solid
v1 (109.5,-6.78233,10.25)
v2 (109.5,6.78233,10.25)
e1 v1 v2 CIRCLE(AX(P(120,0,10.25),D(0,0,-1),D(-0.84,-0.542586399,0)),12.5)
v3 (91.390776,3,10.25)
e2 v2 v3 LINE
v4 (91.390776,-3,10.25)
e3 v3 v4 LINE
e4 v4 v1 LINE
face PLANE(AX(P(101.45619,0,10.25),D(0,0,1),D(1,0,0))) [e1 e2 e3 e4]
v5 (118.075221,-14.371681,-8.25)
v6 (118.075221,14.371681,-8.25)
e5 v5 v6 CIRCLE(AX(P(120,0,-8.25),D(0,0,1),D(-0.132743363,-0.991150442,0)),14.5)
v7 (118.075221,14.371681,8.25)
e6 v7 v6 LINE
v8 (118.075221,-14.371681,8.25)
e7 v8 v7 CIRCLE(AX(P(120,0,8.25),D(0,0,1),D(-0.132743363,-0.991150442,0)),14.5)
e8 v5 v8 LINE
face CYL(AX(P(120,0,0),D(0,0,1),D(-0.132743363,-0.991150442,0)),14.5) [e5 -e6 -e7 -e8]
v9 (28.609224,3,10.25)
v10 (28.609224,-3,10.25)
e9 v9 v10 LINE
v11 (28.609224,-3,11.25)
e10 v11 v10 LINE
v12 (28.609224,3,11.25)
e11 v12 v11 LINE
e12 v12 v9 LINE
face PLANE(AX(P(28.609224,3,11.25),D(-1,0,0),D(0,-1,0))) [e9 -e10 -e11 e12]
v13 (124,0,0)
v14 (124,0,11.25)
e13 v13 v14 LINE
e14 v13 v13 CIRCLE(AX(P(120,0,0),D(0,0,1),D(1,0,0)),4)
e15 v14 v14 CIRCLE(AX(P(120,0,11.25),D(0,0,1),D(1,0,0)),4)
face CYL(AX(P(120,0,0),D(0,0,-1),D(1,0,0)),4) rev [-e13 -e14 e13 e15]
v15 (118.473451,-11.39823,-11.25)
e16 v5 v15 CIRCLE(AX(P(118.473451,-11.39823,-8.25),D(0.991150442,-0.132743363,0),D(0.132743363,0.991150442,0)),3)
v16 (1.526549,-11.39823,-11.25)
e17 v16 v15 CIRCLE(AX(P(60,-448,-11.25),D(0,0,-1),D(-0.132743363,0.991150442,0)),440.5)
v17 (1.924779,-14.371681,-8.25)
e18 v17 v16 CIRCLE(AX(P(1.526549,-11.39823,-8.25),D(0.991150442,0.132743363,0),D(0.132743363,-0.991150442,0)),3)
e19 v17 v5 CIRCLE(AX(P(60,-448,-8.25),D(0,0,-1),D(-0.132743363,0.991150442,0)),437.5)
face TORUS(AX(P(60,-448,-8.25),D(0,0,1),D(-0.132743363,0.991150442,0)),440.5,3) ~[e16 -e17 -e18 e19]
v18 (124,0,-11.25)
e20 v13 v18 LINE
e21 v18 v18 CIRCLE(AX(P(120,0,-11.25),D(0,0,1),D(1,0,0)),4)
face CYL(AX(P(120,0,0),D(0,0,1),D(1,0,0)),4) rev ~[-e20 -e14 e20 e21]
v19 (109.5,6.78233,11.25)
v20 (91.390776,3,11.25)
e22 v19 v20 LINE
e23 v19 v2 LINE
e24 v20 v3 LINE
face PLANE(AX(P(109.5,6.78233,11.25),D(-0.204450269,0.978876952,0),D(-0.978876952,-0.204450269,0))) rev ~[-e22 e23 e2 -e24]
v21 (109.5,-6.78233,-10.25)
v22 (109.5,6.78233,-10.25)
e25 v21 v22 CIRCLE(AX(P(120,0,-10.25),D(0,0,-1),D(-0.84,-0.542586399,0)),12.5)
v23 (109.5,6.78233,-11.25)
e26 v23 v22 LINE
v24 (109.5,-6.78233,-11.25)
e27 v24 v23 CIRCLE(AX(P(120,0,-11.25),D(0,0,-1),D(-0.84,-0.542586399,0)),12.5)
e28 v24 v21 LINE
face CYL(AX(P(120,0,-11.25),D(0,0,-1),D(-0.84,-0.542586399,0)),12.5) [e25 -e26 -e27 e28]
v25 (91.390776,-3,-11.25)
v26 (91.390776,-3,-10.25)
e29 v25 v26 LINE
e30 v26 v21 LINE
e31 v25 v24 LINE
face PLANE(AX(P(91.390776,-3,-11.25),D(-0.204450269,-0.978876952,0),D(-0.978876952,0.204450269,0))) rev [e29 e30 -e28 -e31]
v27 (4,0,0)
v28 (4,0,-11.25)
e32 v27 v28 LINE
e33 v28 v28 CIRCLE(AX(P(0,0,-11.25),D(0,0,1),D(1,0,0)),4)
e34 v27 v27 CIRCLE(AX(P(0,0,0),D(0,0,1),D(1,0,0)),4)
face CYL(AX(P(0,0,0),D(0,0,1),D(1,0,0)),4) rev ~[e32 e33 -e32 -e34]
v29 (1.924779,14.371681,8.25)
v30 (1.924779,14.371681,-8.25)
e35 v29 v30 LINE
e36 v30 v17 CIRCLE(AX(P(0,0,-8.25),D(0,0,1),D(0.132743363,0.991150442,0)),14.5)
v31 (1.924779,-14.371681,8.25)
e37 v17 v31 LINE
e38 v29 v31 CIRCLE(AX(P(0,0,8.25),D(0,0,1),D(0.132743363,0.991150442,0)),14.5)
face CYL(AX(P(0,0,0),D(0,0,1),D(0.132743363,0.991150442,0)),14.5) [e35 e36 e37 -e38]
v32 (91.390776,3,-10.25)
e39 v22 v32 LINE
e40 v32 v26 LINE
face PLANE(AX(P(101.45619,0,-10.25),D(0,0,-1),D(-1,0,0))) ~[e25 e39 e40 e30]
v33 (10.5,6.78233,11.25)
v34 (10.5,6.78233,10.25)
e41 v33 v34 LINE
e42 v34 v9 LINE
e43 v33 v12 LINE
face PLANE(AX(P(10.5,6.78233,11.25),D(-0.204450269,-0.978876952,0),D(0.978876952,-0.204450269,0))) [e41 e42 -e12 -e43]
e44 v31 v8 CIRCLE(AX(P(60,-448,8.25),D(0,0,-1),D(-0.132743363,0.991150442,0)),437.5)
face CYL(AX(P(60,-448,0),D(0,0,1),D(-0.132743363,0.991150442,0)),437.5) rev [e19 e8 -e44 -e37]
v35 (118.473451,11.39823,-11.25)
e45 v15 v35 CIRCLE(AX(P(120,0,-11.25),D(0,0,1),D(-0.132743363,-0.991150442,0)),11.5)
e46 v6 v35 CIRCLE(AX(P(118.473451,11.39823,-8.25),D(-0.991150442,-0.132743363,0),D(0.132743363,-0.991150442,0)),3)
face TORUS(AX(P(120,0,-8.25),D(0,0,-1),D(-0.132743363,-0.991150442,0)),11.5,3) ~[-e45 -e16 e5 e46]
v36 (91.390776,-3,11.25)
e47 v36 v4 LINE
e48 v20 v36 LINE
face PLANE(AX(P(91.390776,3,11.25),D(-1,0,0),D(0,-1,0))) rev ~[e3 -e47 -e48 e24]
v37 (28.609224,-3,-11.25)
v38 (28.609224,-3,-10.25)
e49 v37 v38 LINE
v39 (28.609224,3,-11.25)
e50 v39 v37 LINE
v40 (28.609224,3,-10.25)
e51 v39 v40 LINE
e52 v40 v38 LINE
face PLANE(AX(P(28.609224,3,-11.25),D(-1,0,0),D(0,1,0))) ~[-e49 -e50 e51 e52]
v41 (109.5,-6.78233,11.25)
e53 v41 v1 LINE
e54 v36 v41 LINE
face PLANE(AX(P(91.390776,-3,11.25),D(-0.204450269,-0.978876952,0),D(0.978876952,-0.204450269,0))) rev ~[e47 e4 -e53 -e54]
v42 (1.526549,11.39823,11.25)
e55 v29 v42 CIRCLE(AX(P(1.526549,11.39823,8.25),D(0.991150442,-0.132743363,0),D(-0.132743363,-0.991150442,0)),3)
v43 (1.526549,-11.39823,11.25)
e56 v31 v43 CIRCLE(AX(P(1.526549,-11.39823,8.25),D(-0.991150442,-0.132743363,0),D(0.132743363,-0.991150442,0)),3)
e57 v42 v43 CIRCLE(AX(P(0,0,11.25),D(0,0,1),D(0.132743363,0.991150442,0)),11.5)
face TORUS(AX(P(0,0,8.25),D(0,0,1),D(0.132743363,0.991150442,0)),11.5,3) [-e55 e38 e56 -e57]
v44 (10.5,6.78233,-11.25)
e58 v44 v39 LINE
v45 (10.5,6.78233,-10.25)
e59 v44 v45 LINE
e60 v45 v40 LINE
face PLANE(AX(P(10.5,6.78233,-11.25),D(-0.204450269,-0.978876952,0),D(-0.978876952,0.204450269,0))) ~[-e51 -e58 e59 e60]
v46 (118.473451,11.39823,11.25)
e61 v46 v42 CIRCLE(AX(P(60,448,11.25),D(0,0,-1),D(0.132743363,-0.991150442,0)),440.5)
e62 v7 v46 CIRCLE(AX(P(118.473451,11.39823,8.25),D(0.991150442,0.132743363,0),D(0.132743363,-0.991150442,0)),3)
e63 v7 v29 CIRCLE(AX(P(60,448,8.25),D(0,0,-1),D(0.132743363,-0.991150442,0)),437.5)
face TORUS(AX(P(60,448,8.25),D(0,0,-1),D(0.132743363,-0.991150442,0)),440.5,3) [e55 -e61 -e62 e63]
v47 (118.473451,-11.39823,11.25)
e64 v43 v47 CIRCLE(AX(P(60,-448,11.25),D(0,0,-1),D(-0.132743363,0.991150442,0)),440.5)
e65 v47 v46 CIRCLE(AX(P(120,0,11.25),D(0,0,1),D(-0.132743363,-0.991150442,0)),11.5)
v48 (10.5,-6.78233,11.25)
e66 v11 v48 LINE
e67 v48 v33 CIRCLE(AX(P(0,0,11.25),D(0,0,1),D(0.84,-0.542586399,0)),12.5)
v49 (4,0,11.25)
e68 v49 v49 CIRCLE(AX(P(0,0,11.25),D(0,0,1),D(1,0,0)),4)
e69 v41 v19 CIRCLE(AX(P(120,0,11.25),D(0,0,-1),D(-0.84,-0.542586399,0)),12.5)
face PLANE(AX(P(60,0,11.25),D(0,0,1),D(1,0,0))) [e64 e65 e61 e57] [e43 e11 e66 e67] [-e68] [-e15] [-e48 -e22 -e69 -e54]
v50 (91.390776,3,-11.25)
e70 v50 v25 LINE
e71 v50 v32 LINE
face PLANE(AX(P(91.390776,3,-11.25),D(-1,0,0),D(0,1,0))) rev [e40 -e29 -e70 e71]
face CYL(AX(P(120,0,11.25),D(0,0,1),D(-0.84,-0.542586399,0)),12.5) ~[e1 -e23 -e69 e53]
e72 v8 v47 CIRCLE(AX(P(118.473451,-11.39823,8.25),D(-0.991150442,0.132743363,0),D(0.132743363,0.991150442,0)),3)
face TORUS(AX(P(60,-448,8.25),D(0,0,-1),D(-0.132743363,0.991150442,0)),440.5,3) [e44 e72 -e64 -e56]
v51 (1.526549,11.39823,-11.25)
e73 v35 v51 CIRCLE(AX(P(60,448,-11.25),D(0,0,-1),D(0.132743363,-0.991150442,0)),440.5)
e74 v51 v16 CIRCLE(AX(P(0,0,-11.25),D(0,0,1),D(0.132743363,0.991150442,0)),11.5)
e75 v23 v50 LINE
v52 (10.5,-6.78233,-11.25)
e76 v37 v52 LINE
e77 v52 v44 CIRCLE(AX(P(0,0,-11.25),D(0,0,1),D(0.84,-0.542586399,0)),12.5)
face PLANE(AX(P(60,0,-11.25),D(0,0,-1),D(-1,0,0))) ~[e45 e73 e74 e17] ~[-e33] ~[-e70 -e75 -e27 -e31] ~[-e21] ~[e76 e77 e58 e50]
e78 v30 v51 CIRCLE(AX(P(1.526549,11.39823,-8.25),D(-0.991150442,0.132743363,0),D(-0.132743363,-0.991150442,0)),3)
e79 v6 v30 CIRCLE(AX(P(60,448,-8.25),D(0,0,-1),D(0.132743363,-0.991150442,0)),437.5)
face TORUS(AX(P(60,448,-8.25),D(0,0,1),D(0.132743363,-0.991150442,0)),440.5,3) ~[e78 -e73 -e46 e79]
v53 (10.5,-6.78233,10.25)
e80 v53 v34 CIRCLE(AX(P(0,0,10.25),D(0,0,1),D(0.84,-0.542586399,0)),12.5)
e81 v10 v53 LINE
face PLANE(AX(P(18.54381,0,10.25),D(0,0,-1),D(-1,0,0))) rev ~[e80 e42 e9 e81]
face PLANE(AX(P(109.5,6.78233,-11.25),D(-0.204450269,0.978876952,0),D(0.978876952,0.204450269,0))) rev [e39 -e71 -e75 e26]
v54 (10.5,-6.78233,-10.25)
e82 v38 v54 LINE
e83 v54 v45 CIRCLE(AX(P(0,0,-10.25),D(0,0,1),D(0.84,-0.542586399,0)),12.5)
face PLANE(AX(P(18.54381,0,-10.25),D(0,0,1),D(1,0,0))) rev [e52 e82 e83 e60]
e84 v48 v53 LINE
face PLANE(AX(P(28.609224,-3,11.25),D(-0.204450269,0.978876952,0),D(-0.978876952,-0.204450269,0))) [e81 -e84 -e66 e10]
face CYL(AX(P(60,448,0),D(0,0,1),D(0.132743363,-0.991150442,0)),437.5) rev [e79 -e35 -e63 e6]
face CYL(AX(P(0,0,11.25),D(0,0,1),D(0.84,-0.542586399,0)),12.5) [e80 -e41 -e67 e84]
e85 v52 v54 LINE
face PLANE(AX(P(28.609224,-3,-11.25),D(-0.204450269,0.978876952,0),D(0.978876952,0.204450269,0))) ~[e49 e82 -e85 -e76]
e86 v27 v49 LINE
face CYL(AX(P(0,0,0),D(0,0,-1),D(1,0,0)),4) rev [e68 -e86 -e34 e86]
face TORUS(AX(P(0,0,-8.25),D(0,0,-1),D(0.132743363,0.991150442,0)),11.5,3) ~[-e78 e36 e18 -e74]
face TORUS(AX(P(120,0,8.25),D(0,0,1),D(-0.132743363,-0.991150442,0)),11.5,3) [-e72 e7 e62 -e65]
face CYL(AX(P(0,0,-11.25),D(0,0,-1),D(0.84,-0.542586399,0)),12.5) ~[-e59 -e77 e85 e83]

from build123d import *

# Parameters (mm, degrees)
ESQUISSE1_R             = 4
BOSS_EXTRU_1_DEPTH      = 11.25
CONG_1_R                = 3
CONG_1_OF_SYM_TRIE5_R   = 3
ENL_V_MAT_EXTRU_1_DEPTH = 1


with BuildPart() as part:
    # Esquisse1 → Boss.-Extru.1 (new body)
    with BuildSketch(Plane.XY):
        with BuildLine():
            ThreePointArc((1.924778761, 14.371681416), (-14.5, 0), (1.924778761, -14.371681416))
            ThreePointArc((1.924778761, -14.371681416), (60, -10.5), (118.075221239, -14.371681416))
            ThreePointArc((118.075221239, -14.371681416), (134.5, 0), (118.075221239, 14.371681416))
            ThreePointArc((118.075221239, 14.371681416), (60, 10.5), (1.924778761, 14.371681416))
        make_face()
        with Locations((120, 0)):
            Circle(ESQUISSE1_R, mode=Mode.SUBTRACT)
        Circle(ESQUISSE1_R, mode=Mode.SUBTRACT)
    boss_extru_1 = extrude(amount=BOSS_EXTRU_1_DEPTH)

    # Congé1
    cong_1_edges = [part.edges().sort_by_distance(p)[0] for p in [
        (60, 10.5, 11.25),
        (134.5, 0, 11.25),
        (60, -10.5, 11.25),
        (-14.5, 0, 11.25),
    ]]
    fillet(cong_1_edges, radius=CONG_1_R)

    # Symétrie5: Boss.-Extru.1 across plane
    add(boss_extru_1.mirror(Plane.XY))

    # Congé1 of Symétrie5
    cong_1_of_sym_trie5_edges = [part.edges().sort_by_distance(p)[0] for p in [
        (60, 10.5, -11.25),
        (134.5, 0, -11.25),
        (60, -10.5, -11.25),
        (-14.5, 0, -11.25),
    ]]
    fillet(cong_1_of_sym_trie5_edges, radius=CONG_1_OF_SYM_TRIE5_R)

    # Esquisse3 → Enlèv. mat.-Extru.1 (cut)
    with BuildSketch(Plane.XY.offset(11.25)):
        with BuildLine():
            Line((10.5, 6.782329983), (28.609223614, 3))
            Line((28.609223614, 3), (28.609223614, -3))
            Line((28.609223614, -3), (10.5, -6.782329983))
            ThreePointArc((10.5, -6.782329983), (12.5, 0), (10.5, 6.782329983))
        make_face()
        with BuildLine():
            Line((91.390776386, -3), (109.5, -6.782329983))
            ThreePointArc((109.5, -6.782329983), (107.5, 0), (109.5, 6.782329983))
            Line((109.5, 6.782329983), (91.390776386, 3))
            Line((91.390776386, 3), (91.390776386, -3))
        make_face()
    enl_v_mat_extru_1 = extrude(amount=-ENL_V_MAT_EXTRU_1_DEPTH, mode=Mode.SUBTRACT)

    # Symétrie6: Enlèv. mat.-Extru.1 across plane
    add(enl_v_mat_extru_1.mirror(Plane.XY), mode=Mode.SUBTRACT)


solid = part.part
